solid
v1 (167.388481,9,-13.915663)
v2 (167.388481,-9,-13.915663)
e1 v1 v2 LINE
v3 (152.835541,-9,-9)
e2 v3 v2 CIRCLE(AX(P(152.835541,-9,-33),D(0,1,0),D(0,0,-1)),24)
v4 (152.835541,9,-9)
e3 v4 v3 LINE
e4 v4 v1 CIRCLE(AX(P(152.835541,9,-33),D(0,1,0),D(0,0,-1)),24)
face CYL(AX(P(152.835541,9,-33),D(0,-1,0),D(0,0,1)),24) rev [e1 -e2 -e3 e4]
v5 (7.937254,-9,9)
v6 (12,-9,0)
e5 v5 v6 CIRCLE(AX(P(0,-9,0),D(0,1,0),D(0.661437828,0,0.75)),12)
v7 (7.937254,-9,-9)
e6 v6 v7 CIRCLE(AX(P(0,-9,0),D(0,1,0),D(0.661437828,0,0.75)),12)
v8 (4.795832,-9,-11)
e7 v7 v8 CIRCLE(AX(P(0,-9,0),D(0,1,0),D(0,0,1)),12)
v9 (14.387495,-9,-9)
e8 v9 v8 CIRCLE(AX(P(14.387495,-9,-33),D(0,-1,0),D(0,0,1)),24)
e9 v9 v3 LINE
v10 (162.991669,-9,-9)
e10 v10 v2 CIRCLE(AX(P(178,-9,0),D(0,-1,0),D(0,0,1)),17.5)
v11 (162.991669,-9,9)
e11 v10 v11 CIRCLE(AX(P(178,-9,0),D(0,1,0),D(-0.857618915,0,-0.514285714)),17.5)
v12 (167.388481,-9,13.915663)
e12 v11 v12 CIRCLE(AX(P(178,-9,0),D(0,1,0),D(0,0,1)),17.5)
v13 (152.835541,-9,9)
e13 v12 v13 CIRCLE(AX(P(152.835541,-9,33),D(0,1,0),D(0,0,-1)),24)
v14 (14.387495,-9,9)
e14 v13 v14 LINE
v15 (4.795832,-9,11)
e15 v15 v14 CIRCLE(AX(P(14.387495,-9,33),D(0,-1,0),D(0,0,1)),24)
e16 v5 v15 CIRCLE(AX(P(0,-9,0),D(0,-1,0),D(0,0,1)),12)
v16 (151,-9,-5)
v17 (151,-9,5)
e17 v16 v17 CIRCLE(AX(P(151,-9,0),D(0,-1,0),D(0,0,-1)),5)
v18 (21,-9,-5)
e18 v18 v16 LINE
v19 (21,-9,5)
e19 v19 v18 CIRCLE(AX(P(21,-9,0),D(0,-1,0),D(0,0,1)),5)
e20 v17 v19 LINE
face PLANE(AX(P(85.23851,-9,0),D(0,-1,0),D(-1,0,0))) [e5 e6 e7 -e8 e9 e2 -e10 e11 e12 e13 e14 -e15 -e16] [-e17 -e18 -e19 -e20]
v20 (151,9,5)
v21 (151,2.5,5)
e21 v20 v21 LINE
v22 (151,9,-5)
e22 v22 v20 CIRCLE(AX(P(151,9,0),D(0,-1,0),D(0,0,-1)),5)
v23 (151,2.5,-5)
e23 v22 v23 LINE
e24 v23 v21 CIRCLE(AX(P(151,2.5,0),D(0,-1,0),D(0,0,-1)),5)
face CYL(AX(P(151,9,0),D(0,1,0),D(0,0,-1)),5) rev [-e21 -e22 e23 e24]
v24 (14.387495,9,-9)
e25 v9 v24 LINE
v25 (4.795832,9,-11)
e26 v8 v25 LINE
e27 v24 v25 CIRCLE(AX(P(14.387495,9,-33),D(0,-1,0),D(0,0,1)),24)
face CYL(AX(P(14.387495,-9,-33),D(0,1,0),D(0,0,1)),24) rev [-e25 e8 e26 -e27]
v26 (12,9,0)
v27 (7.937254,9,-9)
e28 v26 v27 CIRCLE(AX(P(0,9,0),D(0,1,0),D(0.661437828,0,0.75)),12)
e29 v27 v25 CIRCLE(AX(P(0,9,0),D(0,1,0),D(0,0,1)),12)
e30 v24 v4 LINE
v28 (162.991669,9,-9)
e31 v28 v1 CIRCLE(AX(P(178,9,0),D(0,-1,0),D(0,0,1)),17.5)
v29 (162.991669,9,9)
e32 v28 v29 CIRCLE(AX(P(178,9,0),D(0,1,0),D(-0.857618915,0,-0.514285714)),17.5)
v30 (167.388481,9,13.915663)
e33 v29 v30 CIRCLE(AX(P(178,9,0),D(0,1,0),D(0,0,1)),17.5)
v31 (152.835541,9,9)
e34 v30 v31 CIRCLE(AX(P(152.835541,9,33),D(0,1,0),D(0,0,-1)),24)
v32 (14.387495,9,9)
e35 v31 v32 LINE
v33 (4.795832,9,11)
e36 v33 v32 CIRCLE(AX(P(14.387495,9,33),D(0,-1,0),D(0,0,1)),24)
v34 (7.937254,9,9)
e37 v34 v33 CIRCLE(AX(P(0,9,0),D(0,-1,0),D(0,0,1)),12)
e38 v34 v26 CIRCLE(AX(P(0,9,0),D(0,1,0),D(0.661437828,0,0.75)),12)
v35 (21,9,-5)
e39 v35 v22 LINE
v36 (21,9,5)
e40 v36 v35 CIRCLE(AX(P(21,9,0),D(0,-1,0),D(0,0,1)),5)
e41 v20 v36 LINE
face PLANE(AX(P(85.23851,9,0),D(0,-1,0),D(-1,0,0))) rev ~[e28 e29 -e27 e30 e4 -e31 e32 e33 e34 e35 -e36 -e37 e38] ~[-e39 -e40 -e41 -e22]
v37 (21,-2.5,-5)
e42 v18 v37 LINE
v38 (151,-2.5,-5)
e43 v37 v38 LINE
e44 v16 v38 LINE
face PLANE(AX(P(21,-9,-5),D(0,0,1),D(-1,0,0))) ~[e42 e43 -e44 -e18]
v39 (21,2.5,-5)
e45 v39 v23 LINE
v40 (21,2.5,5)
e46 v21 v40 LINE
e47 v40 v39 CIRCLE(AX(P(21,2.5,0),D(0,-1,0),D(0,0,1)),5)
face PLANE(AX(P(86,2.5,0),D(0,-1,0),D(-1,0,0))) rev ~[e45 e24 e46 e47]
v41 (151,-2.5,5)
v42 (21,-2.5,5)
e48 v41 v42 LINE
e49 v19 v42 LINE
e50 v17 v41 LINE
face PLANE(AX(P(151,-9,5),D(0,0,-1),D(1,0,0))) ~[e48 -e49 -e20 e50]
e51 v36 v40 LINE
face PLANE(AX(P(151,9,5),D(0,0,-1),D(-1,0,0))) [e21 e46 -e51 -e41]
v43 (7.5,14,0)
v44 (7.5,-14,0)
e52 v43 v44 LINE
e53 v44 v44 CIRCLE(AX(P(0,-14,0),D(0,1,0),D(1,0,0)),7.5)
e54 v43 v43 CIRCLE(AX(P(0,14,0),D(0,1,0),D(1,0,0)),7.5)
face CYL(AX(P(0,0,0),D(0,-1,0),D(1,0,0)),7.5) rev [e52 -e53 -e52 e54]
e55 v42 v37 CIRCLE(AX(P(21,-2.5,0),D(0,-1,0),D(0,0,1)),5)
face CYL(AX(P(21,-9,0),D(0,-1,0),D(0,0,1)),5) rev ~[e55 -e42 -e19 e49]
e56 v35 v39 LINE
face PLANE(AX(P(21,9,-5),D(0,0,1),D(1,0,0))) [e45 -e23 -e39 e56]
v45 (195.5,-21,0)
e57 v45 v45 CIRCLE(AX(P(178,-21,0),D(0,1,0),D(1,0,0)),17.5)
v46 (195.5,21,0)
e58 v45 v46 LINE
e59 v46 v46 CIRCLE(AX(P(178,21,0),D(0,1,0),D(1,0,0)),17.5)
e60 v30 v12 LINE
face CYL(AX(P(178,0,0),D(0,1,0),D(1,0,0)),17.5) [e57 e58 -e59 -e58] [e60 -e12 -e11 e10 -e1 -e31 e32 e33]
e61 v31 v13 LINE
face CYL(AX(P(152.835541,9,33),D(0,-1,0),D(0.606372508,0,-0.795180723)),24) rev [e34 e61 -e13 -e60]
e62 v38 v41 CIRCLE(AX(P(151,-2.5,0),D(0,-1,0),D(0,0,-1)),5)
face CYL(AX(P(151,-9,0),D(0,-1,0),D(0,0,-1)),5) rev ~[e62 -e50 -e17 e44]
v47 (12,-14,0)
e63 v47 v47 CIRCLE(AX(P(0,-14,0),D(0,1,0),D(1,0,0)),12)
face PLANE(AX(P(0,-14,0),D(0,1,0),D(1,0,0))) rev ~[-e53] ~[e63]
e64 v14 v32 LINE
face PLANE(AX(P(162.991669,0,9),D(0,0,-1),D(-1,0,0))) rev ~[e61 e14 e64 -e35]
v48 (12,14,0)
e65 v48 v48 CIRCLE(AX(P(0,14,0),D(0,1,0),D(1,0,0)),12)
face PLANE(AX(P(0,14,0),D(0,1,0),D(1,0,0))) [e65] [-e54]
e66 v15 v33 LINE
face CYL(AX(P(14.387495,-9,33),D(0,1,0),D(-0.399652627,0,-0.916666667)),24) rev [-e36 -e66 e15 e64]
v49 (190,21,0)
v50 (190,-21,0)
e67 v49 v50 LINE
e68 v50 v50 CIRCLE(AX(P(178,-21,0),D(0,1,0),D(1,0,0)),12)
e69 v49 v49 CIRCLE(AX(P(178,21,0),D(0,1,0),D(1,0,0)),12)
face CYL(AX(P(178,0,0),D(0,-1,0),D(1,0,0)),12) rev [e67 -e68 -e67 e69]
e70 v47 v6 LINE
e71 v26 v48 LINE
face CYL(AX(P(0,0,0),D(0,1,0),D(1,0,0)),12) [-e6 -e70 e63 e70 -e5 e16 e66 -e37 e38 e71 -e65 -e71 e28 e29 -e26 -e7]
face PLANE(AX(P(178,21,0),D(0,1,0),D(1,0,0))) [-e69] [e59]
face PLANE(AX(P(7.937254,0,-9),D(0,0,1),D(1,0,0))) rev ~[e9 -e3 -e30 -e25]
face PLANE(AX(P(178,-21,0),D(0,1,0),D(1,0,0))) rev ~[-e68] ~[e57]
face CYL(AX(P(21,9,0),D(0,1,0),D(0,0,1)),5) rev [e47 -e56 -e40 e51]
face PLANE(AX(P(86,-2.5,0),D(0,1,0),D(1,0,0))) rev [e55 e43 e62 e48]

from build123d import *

# Parameters (mm, degrees)
SKETCH1_R           = 12
SKETCH1_R_2         = 7.5
BOSS_EXTRUDE1_DEPTH = 14
SKETCH3_R           = 17.5
SKETCH3_R_2         = 12
BOSS_EXTRUDE2_DEPTH = 21
BOSS_EXTRUDE3_DEPTH = 9
CUT_EXTRUDE1_DEPTH  = 6.5
FILLET1_R           = 24


with BuildPart() as part:
    # Sketch1 → Boss-Extrude1 (new body, symmetric)
    with BuildSketch(Plane(origin=(0, 0, 0), x_dir=(1, 0, 0), z_dir=(0, 1, 0))):
        Circle(SKETCH1_R)
        Circle(SKETCH1_R_2, mode=Mode.SUBTRACT)
    extrude(amount=BOSS_EXTRUDE1_DEPTH, both=True)



with BuildPart() as body_2:
    # Sketch3 → Boss-Extrude2 (new body, symmetric)
    with BuildSketch(Plane(origin=(0, 0, 0), x_dir=(1, 0, 0), z_dir=(0, 1, 0))):
        with Locations((178, 0)):
            Circle(SKETCH3_R)
        with Locations((178, 0)):
            Circle(SKETCH3_R_2, mode=Mode.SUBTRACT)
    extrude(amount=BOSS_EXTRUDE2_DEPTH, both=True)


with BuildPart() as part_1:
    add(part.part)

    add(body_2.part)  # Boss-Extrude3 merges body 2
    # Sketch4 → Boss-Extrude3 (add, symmetric)
    with BuildSketch(Plane(origin=(0, 0, 0), x_dir=(1, 0, 0), z_dir=(0, 1, 0))):
        with BuildLine():
            Line((7.937253933, 9), (162.99166898, 9))
            ThreePointArc((162.99166898, 9), (160.5, 0), (162.99166898, -9))
            Line((162.99166898, -9), (7.937253933, -9))
            ThreePointArc((7.937253933, -9), (12, 0), (7.937253933, 9))
        make_face()
    extrude(amount=BOSS_EXTRUDE3_DEPTH, both=True)

    # Sketch5 → Cut-Extrude1 (cut)
    with BuildSketch(Plane(origin=(0, 9, 0), x_dir=(1, 0, 0), z_dir=(0, 1, 0))):
        with BuildLine():
            Line((21, 5), (151, 5))
            ThreePointArc((151, 5), (156, 0), (151, -5))
            Line((151, -5), (21, -5))
            ThreePointArc((21, -5), (16, 0), (21, 5))
        make_face()
    cut_extrude1 = extrude(amount=-CUT_EXTRUDE1_DEPTH, mode=Mode.SUBTRACT)

    # Mirror1: Cut-Extrude1 across plane
    add(cut_extrude1.mirror(Plane.ZX), mode=Mode.SUBTRACT)

    # Fillet1
    fillet1_edges = [part_1.edges().sort_by_distance(p)[0] for p in [
        (7.937253933, 0, -9),
        (7.937253933, 0, 9),
        (162.99166898, 0, 9),
        (162.99166898, 0, -9),
    ]]
    fillet(fillet1_edges, radius=FILLET1_R)


solid = part_1.part
